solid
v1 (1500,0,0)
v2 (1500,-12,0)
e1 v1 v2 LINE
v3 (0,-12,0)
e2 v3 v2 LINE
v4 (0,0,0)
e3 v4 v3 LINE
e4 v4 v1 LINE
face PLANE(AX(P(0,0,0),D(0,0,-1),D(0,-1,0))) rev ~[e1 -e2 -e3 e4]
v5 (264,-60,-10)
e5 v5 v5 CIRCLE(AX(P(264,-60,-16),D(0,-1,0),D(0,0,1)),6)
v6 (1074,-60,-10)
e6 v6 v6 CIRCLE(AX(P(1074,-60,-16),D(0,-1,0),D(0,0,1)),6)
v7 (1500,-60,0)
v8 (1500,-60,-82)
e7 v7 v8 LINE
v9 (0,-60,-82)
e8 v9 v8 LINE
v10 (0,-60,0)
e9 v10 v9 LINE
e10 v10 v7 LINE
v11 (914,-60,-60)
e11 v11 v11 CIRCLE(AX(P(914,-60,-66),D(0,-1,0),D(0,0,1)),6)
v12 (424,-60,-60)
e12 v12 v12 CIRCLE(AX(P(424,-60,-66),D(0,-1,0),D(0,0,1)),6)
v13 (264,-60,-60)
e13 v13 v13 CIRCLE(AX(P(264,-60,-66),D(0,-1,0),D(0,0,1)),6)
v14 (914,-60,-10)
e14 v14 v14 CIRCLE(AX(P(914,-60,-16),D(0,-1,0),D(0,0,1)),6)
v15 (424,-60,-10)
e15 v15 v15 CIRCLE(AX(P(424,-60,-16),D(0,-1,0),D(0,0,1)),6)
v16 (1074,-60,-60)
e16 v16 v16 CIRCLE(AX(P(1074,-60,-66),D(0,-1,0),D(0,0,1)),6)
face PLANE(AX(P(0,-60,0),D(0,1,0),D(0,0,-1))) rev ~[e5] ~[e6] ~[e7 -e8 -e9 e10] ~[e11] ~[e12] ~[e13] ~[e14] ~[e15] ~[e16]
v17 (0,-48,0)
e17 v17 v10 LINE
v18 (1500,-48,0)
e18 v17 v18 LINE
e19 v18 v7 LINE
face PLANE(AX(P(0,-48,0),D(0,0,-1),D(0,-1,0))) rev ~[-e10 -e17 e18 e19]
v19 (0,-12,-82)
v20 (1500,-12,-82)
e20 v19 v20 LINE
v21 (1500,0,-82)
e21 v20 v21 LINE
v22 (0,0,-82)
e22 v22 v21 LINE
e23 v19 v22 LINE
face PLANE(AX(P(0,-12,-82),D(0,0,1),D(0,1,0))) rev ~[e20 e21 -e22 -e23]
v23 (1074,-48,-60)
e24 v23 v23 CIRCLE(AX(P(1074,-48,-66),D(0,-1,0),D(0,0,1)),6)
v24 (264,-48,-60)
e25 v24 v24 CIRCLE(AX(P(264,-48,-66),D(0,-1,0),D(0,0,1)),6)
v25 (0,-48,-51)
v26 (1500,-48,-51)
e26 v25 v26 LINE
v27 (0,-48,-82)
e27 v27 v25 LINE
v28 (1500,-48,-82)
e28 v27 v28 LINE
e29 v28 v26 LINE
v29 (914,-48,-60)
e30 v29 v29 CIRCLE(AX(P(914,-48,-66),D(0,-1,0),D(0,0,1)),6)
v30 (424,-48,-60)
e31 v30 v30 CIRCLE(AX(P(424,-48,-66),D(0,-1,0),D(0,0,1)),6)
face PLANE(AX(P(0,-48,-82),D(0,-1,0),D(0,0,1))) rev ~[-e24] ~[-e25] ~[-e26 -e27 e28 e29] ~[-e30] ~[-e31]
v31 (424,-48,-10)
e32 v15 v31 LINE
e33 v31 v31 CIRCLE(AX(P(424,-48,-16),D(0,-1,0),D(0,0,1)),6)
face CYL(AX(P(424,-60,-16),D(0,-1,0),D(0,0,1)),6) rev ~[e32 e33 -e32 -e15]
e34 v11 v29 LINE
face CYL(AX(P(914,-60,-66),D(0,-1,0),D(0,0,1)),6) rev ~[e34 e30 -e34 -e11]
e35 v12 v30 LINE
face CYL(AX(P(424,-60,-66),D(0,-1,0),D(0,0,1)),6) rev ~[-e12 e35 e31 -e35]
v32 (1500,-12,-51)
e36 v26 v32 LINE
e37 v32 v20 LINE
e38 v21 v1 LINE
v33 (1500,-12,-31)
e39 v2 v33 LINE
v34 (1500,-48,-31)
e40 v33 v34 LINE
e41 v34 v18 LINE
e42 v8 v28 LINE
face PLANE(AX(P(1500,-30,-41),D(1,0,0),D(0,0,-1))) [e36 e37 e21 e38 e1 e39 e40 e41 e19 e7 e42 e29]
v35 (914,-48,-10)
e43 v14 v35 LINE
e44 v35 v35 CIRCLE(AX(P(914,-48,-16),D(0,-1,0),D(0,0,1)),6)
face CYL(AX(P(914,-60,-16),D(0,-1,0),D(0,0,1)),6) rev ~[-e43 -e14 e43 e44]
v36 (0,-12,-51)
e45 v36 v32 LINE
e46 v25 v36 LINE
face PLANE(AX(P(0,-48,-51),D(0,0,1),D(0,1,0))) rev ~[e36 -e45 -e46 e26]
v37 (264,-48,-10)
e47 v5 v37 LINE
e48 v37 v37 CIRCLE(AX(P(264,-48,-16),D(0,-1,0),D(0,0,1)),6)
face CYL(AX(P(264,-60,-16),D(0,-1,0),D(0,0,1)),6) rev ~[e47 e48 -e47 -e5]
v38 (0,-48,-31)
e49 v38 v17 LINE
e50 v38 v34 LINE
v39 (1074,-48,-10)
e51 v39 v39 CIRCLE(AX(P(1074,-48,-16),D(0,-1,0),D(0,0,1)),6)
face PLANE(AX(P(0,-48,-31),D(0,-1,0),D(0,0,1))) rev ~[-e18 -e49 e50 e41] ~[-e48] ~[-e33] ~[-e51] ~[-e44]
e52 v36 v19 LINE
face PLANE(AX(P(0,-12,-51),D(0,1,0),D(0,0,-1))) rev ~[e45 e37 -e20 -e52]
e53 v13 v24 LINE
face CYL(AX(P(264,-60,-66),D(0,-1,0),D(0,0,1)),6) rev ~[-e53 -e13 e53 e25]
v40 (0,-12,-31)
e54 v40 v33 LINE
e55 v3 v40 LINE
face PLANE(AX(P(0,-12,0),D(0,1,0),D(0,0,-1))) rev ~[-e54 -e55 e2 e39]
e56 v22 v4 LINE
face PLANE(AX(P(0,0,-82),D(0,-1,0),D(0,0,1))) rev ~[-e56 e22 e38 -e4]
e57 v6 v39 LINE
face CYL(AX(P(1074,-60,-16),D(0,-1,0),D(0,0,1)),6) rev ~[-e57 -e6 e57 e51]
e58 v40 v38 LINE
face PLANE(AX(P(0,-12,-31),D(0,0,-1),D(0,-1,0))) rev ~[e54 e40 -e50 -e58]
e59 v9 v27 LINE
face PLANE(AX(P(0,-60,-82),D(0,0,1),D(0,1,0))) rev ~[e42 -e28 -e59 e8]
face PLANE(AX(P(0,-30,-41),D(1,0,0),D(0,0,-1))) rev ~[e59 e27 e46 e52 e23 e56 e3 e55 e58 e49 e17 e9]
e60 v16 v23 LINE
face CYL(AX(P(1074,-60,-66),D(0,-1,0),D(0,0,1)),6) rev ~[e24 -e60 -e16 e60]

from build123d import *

# Parameters (mm, degrees)
BOSS_EXTRUDE1_DEPTH            = 1500
CUT_EXTRUDE1_REACH             = 1505.437
SKETCH4_R                      = 6
CUT_EXTRUDE1_DIRECTION_2_DEPTH = 1504.437394772


with BuildPart() as part:
    # Sketch1 → Boss-Extrude1 (new body)
    with BuildSketch(Plane(origin=(0, 0, 0), x_dir=(0, 0, -1), z_dir=(1, 0, 0))):
        Polygon((51, -12), (82, -12), (82, 0), (0, 0), (0, -12), (31, -12), (31, -48), (0, -48), (0, -60), (82, -60), (82, -48), (51, -48), align=None)
    extrude(amount=BOSS_EXTRUDE1_DEPTH)

    # Sketch4 → Cut-Extrude1 (cut, up to next)
    with BuildSketch(Plane(origin=(0, -60, 0), x_dir=(-1, 0, 0), z_dir=(0, -1, 0)), mode=Mode.PRIVATE) as cut_extrude1_sk1:
        with Locations(Location((-424, 16, 0), (0, 0, 270))):
            Circle(SKETCH4_R)
    cut_extrude1_tool1 = extrude(cut_extrude1_sk1.sketch, amount=-CUT_EXTRUDE1_REACH, mode=Mode.PRIVATE) & part.part
    # Sketch4 → Cut-Extrude1 (cut, up to next)
    with BuildSketch(Plane(origin=(0, -60, 0), x_dir=(-1, 0, 0), z_dir=(0, -1, 0)), mode=Mode.PRIVATE) as cut_extrude1_sk2:
        with Locations(Location((-424, 66, 0), (0, 0, 270))):
            Circle(SKETCH4_R)
    cut_extrude1_tool2 = extrude(cut_extrude1_sk2.sketch, amount=-CUT_EXTRUDE1_REACH, mode=Mode.PRIVATE) & part.part
    # Sketch4 → Cut-Extrude1 (cut, up to next)
    with BuildSketch(Plane(origin=(0, -60, 0), x_dir=(-1, 0, 0), z_dir=(0, -1, 0)), mode=Mode.PRIVATE) as cut_extrude1_sk3:
        with Locations(Location((-264, 66, 0), (0, 0, 270))):
            Circle(SKETCH4_R)
    cut_extrude1_tool3 = extrude(cut_extrude1_sk3.sketch, amount=-CUT_EXTRUDE1_REACH, mode=Mode.PRIVATE) & part.part
    # Sketch4 → Cut-Extrude1 (cut, up to next)
    with BuildSketch(Plane(origin=(0, -60, 0), x_dir=(-1, 0, 0), z_dir=(0, -1, 0)), mode=Mode.PRIVATE) as cut_extrude1_sk4:
        with Locations(Location((-264, 16, 0), (0, 0, 270))):
            Circle(SKETCH4_R)
    cut_extrude1_tool4 = extrude(cut_extrude1_sk4.sketch, amount=-CUT_EXTRUDE1_REACH, mode=Mode.PRIVATE) & part.part
    # Sketch4 → Cut-Extrude1 (cut, up to next)
    with BuildSketch(Plane(origin=(0, -60, 0), x_dir=(-1, 0, 0), z_dir=(0, -1, 0)), mode=Mode.PRIVATE) as cut_extrude1_sk5:
        with Locations(Location((-1074, 66, 0), (0, 0, 270))):
            Circle(SKETCH4_R)
    cut_extrude1_tool5 = extrude(cut_extrude1_sk5.sketch, amount=-CUT_EXTRUDE1_REACH, mode=Mode.PRIVATE) & part.part
    # Sketch4 → Cut-Extrude1 (cut, up to next)
    with BuildSketch(Plane(origin=(0, -60, 0), x_dir=(-1, 0, 0), z_dir=(0, -1, 0)), mode=Mode.PRIVATE) as cut_extrude1_sk6:
        with Locations(Location((-914, 66, 0), (0, 0, 270))):
            Circle(SKETCH4_R)
    cut_extrude1_tool6 = extrude(cut_extrude1_sk6.sketch, amount=-CUT_EXTRUDE1_REACH, mode=Mode.PRIVATE) & part.part
    # Sketch4 → Cut-Extrude1 (cut, up to next)
    with BuildSketch(Plane(origin=(0, -60, 0), x_dir=(-1, 0, 0), z_dir=(0, -1, 0)), mode=Mode.PRIVATE) as cut_extrude1_sk7:
        with Locations(Location((-1074, 16, 0), (0, 0, 270))):
            Circle(SKETCH4_R)
    cut_extrude1_tool7 = extrude(cut_extrude1_sk7.sketch, amount=-CUT_EXTRUDE1_REACH, mode=Mode.PRIVATE) & part.part
    # Sketch4 → Cut-Extrude1 (cut, up to next)
    with BuildSketch(Plane(origin=(0, -60, 0), x_dir=(-1, 0, 0), z_dir=(0, -1, 0)), mode=Mode.PRIVATE) as cut_extrude1_sk8:
        with Locations(Location((-914, 16, 0), (0, 0, 270))):
            Circle(SKETCH4_R)
    cut_extrude1_tool8 = extrude(cut_extrude1_sk8.sketch, amount=-CUT_EXTRUDE1_REACH, mode=Mode.PRIVATE) & part.part
    add(cut_extrude1_tool1.solids().sort_by_distance((424, -60, -16))[0], mode=Mode.SUBTRACT)
    add(cut_extrude1_tool2.solids().sort_by_distance((424, -60, -66))[0], mode=Mode.SUBTRACT)
    add(cut_extrude1_tool3.solids().sort_by_distance((264, -60, -66))[0], mode=Mode.SUBTRACT)
    add(cut_extrude1_tool4.solids().sort_by_distance((264, -60, -16))[0], mode=Mode.SUBTRACT)
    add(cut_extrude1_tool5.solids().sort_by_distance((1074, -60, -66))[0], mode=Mode.SUBTRACT)
    add(cut_extrude1_tool6.solids().sort_by_distance((914, -60, -66))[0], mode=Mode.SUBTRACT)
    add(cut_extrude1_tool7.solids().sort_by_distance((1074, -60, -16))[0], mode=Mode.SUBTRACT)
    add(cut_extrude1_tool8.solids().sort_by_distance((914, -60, -16))[0], mode=Mode.SUBTRACT)

    # Sketch4 → Cut-Extrude1 direction 2 (cut)
    with BuildSketch(Plane(origin=(0, -60, 0), x_dir=(-1, 0, 0), z_dir=(0, -1, 0))):
        with Locations(Location((-424, 16, 0), (0, 0, 270))):
            Circle(SKETCH4_R)
        with Locations(Location((-424, 66, 0), (0, 0, 270))):
            Circle(SKETCH4_R)
        with Locations(Location((-264, 66, 0), (0, 0, 270))):
            Circle(SKETCH4_R)
        with Locations(Location((-264, 16, 0), (0, 0, 270))):
            Circle(SKETCH4_R)
        with Locations(Location((-1074, 66, 0), (0, 0, 270))):
            Circle(SKETCH4_R)
        with Locations(Location((-914, 66, 0), (0, 0, 270))):
            Circle(SKETCH4_R)
        with Locations(Location((-1074, 16, 0), (0, 0, 270))):
            Circle(SKETCH4_R)
        with Locations(Location((-914, 16, 0), (0, 0, 270))):
            Circle(SKETCH4_R)
    extrude(amount=CUT_EXTRUDE1_DIRECTION_2_DEPTH, mode=Mode.SUBTRACT)


solid = part.part
